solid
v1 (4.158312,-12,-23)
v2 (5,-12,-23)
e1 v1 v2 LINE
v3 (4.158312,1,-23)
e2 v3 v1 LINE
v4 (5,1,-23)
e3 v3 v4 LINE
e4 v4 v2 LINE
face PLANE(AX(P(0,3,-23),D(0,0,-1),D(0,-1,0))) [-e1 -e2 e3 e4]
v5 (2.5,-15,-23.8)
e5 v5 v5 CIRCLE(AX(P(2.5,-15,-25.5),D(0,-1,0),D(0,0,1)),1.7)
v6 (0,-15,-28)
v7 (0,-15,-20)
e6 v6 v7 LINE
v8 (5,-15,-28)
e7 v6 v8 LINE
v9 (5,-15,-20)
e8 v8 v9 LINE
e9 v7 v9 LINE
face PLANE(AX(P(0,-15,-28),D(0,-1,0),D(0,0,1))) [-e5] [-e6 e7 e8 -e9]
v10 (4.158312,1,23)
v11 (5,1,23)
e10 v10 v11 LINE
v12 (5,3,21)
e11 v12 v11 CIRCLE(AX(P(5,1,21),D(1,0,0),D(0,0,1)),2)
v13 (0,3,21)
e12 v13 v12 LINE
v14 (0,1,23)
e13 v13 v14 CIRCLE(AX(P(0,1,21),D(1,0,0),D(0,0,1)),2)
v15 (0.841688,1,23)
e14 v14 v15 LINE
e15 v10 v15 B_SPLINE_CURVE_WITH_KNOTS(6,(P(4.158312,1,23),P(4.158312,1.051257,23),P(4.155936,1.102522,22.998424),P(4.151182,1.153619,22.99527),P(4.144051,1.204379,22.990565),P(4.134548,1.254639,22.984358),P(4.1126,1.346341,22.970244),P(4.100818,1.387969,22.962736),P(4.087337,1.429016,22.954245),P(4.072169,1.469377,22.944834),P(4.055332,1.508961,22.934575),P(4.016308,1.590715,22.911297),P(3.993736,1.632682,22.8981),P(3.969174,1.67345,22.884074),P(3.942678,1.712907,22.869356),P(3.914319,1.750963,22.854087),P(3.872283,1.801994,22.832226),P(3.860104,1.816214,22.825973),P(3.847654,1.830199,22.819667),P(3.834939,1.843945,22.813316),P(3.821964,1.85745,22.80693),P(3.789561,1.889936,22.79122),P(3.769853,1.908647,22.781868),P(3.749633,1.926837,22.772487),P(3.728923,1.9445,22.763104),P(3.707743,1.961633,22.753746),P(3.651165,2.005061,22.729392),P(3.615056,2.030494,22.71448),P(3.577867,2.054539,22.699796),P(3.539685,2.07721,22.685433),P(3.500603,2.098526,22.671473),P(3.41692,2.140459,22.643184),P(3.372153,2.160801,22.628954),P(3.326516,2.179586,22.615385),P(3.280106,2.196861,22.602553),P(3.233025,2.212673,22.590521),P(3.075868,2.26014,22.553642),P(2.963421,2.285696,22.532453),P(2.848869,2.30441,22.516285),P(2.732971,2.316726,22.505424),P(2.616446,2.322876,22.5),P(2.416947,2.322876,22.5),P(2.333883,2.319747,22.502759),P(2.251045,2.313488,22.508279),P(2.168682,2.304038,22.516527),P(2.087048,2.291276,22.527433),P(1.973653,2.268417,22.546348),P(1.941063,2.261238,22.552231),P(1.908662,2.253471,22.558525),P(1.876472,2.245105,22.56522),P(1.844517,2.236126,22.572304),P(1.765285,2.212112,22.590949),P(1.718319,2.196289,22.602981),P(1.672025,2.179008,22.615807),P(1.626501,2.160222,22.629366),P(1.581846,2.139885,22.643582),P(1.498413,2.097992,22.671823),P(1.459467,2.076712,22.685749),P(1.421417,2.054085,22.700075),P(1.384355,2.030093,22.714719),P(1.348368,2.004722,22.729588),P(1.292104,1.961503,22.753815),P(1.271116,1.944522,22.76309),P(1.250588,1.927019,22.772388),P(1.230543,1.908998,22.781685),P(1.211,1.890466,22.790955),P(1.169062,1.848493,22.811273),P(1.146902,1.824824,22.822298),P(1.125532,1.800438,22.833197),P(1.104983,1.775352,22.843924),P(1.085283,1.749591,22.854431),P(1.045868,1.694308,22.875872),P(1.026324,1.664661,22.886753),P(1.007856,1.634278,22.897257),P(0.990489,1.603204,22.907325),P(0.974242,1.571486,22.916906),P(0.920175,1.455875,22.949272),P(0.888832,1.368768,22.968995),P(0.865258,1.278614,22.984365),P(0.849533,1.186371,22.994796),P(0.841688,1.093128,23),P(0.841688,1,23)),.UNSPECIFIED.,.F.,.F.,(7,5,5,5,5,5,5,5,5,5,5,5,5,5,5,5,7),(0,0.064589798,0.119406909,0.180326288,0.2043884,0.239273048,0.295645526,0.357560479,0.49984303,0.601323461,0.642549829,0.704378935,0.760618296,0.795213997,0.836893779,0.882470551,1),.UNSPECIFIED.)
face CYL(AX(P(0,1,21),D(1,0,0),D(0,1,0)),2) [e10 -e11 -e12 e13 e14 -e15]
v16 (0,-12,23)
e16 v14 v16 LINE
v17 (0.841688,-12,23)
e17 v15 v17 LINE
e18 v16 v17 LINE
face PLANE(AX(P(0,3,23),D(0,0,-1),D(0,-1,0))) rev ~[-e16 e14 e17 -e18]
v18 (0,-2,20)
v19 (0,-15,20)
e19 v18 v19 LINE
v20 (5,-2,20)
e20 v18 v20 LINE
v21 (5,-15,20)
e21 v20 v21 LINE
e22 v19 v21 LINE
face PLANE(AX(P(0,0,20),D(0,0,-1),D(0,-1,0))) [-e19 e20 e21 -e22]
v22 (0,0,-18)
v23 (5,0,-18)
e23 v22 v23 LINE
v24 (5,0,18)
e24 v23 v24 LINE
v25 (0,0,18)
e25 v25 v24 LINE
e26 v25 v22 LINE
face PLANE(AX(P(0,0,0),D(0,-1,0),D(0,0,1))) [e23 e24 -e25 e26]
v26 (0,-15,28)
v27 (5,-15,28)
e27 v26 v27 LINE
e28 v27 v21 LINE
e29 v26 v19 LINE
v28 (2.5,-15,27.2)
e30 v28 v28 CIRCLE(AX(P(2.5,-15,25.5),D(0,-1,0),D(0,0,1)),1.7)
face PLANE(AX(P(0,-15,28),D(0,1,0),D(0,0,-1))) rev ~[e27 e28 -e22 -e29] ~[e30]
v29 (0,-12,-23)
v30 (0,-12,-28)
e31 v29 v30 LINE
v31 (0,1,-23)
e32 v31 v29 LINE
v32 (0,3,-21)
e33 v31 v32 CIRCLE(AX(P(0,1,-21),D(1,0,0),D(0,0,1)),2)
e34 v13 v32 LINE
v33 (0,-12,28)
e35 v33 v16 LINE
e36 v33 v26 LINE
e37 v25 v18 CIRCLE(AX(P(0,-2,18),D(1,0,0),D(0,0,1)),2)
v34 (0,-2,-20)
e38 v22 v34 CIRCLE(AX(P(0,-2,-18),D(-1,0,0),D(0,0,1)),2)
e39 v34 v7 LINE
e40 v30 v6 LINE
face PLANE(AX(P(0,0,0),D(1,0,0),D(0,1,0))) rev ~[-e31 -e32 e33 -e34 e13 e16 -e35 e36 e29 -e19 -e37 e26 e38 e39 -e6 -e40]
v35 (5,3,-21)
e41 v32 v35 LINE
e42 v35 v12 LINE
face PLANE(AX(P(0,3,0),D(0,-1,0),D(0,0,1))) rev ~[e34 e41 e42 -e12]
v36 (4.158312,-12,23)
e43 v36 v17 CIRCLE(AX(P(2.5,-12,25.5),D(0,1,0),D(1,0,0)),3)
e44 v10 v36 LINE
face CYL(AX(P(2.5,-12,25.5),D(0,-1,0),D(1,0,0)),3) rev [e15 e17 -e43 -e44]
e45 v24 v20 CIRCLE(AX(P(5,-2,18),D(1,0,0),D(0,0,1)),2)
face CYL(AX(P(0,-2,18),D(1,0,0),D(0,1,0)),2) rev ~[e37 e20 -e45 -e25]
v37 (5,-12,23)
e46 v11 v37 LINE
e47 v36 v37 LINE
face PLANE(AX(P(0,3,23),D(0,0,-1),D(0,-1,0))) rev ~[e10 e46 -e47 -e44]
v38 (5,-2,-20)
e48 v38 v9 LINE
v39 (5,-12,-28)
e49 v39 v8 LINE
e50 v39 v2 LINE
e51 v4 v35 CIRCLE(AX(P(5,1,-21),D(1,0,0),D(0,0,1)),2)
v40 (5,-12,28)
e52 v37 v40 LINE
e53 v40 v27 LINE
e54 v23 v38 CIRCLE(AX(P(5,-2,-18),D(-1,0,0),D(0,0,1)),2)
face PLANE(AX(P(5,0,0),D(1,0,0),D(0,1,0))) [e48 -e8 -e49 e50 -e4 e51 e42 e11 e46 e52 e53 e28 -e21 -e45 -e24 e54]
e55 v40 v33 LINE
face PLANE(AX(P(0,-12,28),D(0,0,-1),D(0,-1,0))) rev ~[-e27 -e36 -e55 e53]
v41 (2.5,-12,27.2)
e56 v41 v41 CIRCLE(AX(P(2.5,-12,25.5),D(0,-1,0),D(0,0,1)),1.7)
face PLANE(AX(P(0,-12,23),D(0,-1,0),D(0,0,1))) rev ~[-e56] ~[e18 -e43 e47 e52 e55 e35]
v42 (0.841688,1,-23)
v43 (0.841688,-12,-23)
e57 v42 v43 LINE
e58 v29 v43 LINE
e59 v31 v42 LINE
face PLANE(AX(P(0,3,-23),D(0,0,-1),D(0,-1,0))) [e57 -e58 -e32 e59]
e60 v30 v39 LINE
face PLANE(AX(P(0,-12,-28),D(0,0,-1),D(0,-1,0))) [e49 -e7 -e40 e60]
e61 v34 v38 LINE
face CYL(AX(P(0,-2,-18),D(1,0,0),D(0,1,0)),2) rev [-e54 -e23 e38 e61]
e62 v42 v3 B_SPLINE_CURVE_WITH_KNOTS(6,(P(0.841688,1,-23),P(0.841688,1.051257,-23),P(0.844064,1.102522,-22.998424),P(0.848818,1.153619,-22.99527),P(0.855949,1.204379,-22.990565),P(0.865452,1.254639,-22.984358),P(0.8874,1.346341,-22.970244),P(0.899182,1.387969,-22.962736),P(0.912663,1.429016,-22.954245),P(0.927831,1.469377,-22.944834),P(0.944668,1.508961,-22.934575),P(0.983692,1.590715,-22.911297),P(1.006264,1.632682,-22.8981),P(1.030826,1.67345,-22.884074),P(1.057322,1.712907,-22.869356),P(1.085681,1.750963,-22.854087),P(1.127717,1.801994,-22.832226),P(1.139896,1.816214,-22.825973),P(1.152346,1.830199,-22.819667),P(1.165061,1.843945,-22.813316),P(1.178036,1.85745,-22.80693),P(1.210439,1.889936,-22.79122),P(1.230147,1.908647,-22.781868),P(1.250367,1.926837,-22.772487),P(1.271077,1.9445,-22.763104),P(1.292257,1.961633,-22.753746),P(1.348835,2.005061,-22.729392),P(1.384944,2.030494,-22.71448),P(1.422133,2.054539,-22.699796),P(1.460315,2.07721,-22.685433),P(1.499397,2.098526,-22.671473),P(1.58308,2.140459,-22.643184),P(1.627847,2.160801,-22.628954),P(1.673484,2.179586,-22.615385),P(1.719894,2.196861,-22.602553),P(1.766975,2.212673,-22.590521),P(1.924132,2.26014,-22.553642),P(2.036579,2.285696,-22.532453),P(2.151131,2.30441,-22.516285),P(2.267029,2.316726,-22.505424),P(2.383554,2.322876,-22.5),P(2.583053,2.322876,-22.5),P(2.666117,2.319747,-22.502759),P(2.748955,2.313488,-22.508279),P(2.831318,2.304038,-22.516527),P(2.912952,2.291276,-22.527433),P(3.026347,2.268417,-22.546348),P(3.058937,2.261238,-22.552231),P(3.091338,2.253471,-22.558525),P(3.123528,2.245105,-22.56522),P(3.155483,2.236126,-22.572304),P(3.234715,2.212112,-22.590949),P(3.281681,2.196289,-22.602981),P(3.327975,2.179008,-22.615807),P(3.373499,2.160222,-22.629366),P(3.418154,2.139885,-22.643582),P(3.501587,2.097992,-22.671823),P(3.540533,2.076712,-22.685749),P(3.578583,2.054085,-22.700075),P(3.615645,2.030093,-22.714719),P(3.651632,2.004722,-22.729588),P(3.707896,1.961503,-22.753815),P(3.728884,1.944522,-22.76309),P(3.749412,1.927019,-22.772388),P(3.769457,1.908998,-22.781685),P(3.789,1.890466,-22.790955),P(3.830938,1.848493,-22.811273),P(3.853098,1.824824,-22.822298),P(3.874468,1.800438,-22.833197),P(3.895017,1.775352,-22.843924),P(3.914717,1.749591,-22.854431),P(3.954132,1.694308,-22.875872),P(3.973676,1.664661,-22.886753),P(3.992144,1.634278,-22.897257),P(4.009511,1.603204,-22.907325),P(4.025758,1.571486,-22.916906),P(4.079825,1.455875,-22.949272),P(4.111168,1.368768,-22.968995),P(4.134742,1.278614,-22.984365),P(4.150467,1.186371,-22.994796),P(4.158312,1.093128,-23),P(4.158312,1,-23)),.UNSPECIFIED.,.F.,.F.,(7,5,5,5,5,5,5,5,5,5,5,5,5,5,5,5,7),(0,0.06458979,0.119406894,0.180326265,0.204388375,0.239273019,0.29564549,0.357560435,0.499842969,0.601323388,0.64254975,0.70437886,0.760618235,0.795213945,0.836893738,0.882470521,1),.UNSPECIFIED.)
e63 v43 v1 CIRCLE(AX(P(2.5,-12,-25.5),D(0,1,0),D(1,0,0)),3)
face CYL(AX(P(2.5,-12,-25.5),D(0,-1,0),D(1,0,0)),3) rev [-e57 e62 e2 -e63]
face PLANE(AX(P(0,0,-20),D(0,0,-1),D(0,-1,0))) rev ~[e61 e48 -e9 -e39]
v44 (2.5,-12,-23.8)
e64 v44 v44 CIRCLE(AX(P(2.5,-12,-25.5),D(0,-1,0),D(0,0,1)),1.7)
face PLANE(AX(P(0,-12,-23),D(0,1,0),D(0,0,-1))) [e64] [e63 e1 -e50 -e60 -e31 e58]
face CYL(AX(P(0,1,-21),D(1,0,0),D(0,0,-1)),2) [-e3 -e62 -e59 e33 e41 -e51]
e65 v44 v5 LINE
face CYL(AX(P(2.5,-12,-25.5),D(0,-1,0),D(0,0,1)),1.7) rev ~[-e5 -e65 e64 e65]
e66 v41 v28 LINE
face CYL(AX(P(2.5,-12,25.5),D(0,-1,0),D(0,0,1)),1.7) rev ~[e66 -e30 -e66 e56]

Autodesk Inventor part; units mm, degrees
ref_plane "YZ Plane" through (0, 0, 0) normal (1, 0, 0) x (0, 1, 0)
ref_plane "XZ Plane" through (0, 0, 0) normal (0, 1, 0) x (-1, 0, 0)
ref_plane "XY Plane" through (0, 0, 0) normal (0, 0, 1) x (1, 0, 0)
sketch "Sketch1" plane through (0, 0, 0) normal (1, 0, 0) x (0, 1, 0)
  line L0 (0, 0) -> (0, 20)
  line L1 (0, 20) -> (-15, 20)
  line L2 (0, 0) -> (3, 0)
  line L3 (3, 0) -> (3, 23)
  line L4 (3, 23) -> (-12, 23)
  line L5 (-12, 23) -> (-12, 28)
  line L6 (-12, 28) -> (-15, 28)
  line L7 (-15, 28) -> (-15, 20)
  line L8 (3.6548, 0) -> (-1.246, 0)
  line L9 (0, 0) -> (0, -20)
  line L10 (0, -20) -> (-15, -20)
  line L11 (3, 0) -> (3, -23)
  line L12 (3, -23) -> (-12, -23)
  line L13 (-12, -23) -> (-12, -28)
  line L14 (-15, -28) -> (-15, -20)
  line L15 (-12, -28) -> (-15, -28)
  dimension "d0" = 20
  dimension "d1" = 15
  dimension "d2" = 3
  dimension "d3" = 23
  dimension "d4" = 15
  dimension "d5" = 5
extrude "Extrusion1" add sketch "Sketch1" along normal blind 5
sketch "Sketch2" plane through (0, -12, 28) normal (0, 1, 0) x (1, 0, 0)
  line L0 (0, 0) -> (0, 2.5)
  line L1 (0, 5) -> (0, 0) projected
  line L2 (0, 48) -> (0, 56) projected
  line L3 (0, 56) -> (0, 53.5)
  point P0 (0, 28)
  point P1 (2.5, 2.5)
  point P2 (2.5, 53.5)
  dimension "d8" = 2.5
  dimension "d9" = 2.5
hole "Hole1" at (2.5, -12, 25.5) at (2.5, -12, -25.5) direction (0, -1, 0) diameter 3.4 end through all clearance for "Countersunk Flat Head Screw ISO 2009/7046" size "M3" standard "ISO"
sketch "Sketch3" plane through (0, -12, 28) normal (0, 1, 0) x (1, 0, 0)
  circle A0 centre (2.5, 2.5) radius 1.7 projected
  circle A1 centre (2.5, 2.5) radius 3
  circle A2 centre (2.5, 53.5) radius 1.7 projected
  circle A3 centre (2.5, 53.5) radius 3
  point P0 (0, 28)
  dimension "d17" = 6
  dimension "d18" = 6
fillet "Fillet1" radius 2 4 edges at (2.5, 3, 23) (2.5, 0, 20) (2.5, 0, -20) (2.5, 3, -23)
extrude "Extrusion2" cut sketch "Sketch3" along normal blind 20
properties part number "esc-holder"
